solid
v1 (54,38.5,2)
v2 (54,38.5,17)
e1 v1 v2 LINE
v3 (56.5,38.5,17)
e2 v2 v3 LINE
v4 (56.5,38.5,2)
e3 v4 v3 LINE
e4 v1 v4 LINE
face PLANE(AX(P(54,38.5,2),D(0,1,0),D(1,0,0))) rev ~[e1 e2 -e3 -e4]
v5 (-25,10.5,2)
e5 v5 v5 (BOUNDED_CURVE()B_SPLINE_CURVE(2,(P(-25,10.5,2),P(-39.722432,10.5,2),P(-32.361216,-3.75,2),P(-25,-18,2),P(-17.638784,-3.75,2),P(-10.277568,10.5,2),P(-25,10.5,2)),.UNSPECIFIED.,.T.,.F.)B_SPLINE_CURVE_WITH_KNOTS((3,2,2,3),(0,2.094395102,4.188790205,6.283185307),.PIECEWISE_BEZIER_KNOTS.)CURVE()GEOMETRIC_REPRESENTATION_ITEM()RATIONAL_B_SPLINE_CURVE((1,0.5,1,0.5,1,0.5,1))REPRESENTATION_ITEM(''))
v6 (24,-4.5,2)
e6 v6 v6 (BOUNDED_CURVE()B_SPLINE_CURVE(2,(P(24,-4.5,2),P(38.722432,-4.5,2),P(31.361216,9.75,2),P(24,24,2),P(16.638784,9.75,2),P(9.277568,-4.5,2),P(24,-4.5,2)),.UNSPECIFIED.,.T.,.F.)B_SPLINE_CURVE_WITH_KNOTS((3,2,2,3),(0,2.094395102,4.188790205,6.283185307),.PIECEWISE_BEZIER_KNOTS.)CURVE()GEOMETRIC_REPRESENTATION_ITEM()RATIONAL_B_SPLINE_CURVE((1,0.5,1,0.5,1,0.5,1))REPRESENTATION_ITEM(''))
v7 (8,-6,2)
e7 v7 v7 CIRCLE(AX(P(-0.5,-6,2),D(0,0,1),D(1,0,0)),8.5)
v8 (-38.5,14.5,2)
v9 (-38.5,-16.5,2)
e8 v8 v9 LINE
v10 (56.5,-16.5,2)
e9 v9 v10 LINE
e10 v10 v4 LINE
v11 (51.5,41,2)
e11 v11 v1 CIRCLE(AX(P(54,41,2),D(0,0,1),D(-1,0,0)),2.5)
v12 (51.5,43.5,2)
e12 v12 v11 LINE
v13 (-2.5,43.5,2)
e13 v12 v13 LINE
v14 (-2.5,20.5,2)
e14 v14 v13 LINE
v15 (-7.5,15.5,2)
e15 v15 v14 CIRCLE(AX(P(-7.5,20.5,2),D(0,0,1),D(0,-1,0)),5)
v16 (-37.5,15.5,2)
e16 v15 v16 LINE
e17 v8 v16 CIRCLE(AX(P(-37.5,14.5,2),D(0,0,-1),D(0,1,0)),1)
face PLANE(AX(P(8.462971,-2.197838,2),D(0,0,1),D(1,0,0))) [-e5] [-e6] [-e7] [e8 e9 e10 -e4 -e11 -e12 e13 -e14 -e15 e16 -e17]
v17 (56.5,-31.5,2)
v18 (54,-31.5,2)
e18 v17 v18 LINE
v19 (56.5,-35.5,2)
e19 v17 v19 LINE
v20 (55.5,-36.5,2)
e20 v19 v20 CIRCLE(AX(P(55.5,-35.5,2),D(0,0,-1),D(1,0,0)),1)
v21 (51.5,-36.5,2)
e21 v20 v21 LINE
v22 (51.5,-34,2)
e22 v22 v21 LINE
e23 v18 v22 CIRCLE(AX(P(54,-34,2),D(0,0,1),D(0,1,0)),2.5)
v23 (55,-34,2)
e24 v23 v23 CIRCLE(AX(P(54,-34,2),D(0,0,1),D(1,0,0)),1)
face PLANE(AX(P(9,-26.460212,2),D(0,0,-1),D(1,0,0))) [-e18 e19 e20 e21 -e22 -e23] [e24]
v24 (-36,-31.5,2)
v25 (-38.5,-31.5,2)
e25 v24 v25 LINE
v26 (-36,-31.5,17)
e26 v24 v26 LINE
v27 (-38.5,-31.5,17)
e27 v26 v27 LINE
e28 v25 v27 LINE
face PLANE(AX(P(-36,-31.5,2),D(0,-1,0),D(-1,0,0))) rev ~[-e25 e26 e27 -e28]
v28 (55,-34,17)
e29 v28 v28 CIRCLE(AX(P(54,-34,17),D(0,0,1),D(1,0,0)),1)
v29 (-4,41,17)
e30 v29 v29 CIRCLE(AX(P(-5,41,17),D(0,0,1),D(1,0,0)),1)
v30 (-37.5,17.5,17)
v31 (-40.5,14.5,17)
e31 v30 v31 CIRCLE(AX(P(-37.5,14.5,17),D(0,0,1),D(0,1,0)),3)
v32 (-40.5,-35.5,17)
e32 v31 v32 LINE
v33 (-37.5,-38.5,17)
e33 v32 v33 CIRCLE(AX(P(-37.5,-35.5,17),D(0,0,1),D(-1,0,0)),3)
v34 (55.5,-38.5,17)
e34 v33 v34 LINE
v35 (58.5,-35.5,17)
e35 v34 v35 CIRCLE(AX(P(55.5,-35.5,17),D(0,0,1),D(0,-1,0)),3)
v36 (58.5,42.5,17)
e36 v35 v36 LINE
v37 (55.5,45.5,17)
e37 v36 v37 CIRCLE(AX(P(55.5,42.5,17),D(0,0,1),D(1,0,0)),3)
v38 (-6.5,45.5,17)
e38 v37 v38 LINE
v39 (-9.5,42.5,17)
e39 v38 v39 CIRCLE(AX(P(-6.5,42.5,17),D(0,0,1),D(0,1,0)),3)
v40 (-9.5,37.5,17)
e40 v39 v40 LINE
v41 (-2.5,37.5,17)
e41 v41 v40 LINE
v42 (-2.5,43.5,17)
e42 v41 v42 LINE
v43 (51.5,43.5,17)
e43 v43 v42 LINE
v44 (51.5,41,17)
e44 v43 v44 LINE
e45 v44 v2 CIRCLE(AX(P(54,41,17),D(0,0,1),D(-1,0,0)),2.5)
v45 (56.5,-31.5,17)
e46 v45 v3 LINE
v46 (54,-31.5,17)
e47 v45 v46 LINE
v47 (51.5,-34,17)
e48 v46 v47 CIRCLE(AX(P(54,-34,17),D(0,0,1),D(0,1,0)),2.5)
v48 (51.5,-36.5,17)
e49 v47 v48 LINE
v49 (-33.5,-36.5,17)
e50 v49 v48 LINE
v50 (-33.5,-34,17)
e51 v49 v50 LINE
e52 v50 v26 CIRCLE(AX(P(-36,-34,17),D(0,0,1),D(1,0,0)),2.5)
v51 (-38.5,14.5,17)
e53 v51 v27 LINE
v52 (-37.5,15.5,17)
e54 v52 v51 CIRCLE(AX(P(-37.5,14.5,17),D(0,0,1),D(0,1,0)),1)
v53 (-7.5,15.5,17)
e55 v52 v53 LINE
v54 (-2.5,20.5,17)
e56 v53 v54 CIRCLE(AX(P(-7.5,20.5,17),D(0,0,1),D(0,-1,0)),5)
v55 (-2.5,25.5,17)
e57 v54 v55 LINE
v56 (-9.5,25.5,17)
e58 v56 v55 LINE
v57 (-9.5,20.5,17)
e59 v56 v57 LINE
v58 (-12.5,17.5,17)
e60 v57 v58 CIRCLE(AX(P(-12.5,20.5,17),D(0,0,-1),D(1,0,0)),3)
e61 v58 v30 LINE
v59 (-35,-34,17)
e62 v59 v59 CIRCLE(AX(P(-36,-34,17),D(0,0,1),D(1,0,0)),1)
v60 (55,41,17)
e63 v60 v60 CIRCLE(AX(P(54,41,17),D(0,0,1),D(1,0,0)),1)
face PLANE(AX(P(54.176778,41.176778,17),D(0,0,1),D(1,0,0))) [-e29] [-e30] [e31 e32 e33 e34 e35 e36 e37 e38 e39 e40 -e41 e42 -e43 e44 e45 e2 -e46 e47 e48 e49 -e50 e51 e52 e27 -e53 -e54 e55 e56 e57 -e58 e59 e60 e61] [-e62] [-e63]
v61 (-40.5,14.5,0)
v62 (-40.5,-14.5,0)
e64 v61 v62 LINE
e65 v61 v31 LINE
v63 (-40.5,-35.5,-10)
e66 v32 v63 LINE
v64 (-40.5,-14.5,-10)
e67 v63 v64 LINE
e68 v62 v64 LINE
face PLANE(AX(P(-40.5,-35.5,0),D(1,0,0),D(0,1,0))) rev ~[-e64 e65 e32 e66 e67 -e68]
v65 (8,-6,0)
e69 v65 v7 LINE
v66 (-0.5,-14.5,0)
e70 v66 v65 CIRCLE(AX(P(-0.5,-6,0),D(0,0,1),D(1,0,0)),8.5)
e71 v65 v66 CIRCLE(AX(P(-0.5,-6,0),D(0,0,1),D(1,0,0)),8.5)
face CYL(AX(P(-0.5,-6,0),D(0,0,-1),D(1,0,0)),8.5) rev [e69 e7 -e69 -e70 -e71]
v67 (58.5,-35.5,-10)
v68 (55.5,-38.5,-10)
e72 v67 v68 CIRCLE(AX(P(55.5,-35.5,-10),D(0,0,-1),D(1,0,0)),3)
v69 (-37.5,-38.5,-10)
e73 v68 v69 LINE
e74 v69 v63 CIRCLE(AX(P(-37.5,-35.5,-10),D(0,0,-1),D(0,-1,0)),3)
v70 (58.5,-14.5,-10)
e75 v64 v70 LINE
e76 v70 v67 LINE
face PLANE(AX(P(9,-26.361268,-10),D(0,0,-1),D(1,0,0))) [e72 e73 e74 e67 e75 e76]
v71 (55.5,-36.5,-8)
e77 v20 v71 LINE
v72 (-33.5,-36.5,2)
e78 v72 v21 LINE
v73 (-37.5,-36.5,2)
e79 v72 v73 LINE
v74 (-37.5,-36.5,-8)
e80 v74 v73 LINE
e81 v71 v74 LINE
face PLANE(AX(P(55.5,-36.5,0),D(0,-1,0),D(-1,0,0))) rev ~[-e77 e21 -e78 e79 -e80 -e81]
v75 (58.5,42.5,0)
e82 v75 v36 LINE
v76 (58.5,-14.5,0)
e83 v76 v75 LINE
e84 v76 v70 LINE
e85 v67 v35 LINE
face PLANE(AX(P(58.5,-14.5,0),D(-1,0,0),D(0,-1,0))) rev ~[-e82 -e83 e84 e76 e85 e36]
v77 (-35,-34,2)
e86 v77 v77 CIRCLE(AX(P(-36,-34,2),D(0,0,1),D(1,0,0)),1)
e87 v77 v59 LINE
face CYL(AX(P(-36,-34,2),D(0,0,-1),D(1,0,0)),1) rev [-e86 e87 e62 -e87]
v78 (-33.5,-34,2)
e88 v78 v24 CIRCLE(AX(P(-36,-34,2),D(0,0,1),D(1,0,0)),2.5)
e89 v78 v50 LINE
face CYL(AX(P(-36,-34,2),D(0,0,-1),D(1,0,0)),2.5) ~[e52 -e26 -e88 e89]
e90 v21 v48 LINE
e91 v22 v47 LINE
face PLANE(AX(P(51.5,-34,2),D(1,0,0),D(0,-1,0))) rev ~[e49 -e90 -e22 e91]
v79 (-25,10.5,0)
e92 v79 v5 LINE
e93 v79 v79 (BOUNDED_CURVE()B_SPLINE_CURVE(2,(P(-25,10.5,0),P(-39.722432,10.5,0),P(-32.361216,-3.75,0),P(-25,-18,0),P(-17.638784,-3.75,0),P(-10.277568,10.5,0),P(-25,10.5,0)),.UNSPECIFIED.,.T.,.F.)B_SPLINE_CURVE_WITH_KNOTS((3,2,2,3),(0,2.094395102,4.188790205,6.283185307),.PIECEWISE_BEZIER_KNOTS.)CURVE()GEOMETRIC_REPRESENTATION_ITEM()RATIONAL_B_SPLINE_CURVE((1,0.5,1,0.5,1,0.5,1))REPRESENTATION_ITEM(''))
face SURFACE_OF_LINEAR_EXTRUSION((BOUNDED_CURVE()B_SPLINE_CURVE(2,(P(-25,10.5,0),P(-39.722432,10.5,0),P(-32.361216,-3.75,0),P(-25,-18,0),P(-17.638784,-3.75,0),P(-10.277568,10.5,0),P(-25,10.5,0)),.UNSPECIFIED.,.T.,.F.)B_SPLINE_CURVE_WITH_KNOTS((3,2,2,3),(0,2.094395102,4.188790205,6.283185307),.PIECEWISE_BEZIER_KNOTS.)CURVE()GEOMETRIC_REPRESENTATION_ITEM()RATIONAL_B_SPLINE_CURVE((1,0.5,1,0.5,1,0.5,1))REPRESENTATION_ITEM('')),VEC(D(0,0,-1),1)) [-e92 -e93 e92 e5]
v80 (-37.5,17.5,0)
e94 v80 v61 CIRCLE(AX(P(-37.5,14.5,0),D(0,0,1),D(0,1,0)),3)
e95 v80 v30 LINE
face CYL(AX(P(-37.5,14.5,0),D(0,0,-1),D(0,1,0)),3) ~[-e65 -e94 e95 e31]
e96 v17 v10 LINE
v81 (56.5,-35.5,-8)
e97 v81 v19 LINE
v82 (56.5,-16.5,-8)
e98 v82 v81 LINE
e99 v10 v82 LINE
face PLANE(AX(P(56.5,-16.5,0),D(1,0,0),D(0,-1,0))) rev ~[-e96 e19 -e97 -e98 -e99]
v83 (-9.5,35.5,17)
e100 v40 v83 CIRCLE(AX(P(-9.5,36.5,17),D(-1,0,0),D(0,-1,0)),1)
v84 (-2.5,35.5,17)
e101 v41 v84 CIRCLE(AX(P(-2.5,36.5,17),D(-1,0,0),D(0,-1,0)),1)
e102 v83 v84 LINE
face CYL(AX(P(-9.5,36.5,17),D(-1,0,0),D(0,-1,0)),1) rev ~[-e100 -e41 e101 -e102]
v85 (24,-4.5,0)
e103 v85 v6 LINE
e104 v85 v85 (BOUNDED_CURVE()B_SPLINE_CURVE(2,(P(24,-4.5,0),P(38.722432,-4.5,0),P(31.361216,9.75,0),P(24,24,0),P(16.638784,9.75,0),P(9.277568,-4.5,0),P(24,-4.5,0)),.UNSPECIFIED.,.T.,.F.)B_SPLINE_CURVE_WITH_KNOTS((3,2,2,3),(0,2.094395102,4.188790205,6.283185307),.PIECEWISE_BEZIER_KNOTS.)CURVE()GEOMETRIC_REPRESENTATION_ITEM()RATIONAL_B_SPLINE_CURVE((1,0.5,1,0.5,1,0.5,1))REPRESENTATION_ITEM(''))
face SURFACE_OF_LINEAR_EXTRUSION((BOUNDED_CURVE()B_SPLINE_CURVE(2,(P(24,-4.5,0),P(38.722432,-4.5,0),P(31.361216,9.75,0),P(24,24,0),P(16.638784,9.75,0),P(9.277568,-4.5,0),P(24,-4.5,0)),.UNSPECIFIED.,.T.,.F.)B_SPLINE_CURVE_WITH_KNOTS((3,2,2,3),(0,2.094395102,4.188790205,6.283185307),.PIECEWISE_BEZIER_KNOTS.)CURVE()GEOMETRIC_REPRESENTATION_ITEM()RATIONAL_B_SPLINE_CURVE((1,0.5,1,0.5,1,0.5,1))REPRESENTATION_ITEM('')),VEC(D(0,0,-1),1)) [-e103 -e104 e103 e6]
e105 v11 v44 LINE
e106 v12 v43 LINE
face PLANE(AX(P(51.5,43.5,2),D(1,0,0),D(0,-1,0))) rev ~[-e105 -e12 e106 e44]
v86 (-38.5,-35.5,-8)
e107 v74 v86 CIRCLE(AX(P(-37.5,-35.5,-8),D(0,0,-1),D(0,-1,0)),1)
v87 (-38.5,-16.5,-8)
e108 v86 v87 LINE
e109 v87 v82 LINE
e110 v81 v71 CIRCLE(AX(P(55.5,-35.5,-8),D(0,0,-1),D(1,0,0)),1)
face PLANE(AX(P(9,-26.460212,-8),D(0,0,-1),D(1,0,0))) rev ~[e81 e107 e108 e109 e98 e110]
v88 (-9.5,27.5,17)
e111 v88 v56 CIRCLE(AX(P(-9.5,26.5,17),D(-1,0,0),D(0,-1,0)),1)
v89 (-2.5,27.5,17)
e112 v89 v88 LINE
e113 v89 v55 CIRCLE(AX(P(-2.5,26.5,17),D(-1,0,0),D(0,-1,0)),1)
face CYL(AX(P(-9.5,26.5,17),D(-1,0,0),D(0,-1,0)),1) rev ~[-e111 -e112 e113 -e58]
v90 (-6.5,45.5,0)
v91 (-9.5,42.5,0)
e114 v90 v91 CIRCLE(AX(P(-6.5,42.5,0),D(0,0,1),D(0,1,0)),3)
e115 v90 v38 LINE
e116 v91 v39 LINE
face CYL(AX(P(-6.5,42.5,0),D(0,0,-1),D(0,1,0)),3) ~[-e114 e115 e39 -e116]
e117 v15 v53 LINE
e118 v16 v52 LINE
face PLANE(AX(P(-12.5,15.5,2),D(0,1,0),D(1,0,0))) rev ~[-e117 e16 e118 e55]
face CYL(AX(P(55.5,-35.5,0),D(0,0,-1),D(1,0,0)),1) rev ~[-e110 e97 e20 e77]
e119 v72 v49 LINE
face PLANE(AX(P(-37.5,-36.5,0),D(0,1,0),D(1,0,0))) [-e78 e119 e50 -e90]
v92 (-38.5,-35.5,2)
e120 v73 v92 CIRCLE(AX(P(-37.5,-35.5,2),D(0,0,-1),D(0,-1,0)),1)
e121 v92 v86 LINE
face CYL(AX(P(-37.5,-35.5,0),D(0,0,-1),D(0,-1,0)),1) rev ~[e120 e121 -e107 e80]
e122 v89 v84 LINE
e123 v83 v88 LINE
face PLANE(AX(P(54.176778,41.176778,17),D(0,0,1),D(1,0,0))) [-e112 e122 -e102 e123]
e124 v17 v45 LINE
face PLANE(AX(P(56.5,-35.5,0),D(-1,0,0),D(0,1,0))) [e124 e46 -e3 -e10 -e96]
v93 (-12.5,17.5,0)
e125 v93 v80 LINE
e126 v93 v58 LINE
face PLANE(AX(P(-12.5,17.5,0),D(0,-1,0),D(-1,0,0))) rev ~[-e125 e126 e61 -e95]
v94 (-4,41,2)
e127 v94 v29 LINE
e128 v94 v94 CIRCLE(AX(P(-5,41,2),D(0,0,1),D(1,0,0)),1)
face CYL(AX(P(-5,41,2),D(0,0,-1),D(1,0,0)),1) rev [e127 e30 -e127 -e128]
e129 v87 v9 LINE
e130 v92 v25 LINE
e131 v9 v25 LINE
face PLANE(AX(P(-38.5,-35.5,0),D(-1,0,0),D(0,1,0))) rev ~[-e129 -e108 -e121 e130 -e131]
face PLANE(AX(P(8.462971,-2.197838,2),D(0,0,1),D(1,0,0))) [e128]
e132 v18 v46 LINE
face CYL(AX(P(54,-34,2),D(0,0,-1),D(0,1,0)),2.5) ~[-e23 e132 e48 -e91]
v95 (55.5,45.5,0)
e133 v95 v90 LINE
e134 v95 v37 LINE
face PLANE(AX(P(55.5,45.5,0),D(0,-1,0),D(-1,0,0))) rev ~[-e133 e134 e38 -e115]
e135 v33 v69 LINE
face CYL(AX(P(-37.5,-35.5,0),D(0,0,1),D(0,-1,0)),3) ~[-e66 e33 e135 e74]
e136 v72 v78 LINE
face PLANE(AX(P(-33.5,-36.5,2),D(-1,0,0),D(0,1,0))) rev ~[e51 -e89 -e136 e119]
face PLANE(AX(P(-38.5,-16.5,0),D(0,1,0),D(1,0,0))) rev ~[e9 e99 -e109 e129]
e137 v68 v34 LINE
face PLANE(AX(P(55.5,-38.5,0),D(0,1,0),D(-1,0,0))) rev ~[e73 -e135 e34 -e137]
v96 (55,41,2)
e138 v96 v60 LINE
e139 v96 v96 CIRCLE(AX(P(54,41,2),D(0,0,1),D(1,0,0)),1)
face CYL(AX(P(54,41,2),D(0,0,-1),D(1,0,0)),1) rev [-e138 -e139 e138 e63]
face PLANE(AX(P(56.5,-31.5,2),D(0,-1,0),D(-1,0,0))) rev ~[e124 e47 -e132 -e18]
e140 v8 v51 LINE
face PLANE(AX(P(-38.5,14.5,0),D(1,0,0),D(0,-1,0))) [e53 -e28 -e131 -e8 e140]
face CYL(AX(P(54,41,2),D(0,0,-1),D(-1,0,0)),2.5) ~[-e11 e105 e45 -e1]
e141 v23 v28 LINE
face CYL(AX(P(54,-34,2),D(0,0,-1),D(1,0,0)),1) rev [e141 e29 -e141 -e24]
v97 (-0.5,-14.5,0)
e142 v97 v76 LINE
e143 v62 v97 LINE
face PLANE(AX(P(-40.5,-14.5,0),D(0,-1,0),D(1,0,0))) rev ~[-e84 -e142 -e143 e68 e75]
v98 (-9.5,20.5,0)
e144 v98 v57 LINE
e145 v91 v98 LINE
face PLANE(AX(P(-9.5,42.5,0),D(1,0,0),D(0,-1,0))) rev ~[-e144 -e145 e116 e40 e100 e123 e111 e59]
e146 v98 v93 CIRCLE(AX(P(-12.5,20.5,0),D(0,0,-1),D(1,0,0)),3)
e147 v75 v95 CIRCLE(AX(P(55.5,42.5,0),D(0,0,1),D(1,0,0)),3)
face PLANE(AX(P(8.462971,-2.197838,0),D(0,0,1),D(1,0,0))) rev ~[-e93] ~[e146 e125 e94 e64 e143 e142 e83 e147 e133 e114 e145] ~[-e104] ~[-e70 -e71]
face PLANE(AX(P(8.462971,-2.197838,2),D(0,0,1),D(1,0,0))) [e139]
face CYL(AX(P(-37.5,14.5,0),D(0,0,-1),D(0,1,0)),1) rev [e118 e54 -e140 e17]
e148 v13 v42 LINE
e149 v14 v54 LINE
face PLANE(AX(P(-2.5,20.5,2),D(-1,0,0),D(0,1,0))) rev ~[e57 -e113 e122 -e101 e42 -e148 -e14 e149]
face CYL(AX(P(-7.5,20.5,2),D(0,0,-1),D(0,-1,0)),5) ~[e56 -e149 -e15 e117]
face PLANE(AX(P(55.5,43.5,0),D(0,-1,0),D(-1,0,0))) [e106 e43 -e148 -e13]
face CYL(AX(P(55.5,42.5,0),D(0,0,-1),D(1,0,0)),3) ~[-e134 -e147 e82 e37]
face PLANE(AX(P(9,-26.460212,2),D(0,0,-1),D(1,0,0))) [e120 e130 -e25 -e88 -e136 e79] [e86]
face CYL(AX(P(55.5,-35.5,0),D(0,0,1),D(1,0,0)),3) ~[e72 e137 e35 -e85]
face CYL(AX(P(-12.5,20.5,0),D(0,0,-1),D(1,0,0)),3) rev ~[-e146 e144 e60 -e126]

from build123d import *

# Parameters (mm, degrees)
F1_DEPTH  = 17
F3_T      = -2
F2_R      = 8.5
F4_DEPTH  = 2
F5_R      = 1
F6_DEPTH  = 15
F7_R      = 1
F8_DEPTH  = 7
F11_DEPTH = 10
F12_DEPTH = 8
F13_DEPTH = 2


with BuildPart() as f1:
    # F0 (on Top) → F1 (new body)
    with BuildSketch(Plane.XY):
        with BuildLine():
            Line((-12.5, 17.5), (-37.5, 17.5))
            ThreePointArc((-37.5, 17.5), (-39.6213203436, 16.6213203436), (-40.5, 14.5))
            Line((-40.5, 14.5), (-40.5, -17.5))
            Line((-40.5, -17.5), (-40.5, -35.5))
            ThreePointArc((-40.5, -35.5), (-39.6213203436, -37.6213203436), (-37.5, -38.5))
            Line((-37.5, -38.5), (55.5, -38.5))
            ThreePointArc((55.5, -38.5), (57.6213203436, -37.6213203436), (58.5, -35.5))
            Line((58.5, -35.5), (58.5, -17.5))
            Line((58.5, -17.5), (40.5, -17.5))
            Line((40.5, -17.5), (40.5, 17.5))
            Line((40.5, 17.5), (40.5, 42.5))
            ThreePointArc((40.5, 42.5), (39.6213203436, 44.6213203436), (37.5, 45.5))
            Line((37.5, 45.5), (-6.5, 45.5))
            ThreePointArc((-6.5, 45.5), (-8.6213203436, 44.6213203436), (-9.5, 42.5))
            Line((-9.5, 42.5), (-9.5, 20.5))
            ThreePointArc((-9.5, 20.5), (-10.3786796564, 18.3786796564), (-12.5, 17.5))
        make_face()
        with BuildLine():
            Line((55.5, 45.5), (37.5, 45.5))
            ThreePointArc((37.5, 45.5), (39.6213203436, 44.6213203436), (40.5, 42.5))
            Line((40.5, 42.5), (40.5, 17.5))
            Line((40.5, 17.5), (40.5, -17.5))
            Line((40.5, -17.5), (58.5, -17.5))
            Line((58.5, -17.5), (58.5, 42.5))
            ThreePointArc((58.5, 42.5), (57.6213203436, 44.6213203436), (55.5, 45.5))
        make_face()
    extrude(amount=F1_DEPTH)

    # F3
    f3_openings = [f1.faces().sort_by_distance(p)[0] for p in [
        (12.966173, 0.233802, 17),
    ]]
    offset(amount=F3_T, openings=f3_openings)

    # F2 (on Top) → F4 (cut, through all)
    with BuildSketch(Plane.XY):
        with BuildLine():
            add(Edge.make_bspline(
                [(-25, 10.5), (-39.7224318643, 10.5), (-32.3612159322, -3.75), (-25, -18), (-17.6387840678, -3.75), (-10.2775681357, 10.5), (-25, 10.5)],
                knots=[0, 0, 0, 2.0943951024, 2.0943951024, 4.1887902048, 4.1887902048, 6.2831853072, 6.2831853072, 6.2831853072], degree=2, weights=[1, 0.5, 1, 0.5, 1, 0.5, 1]))
        make_face()
        with BuildLine():
            add(Edge.make_bspline(
                [(24, -4.5), (38.7224318643, -4.5), (31.3612159322, 9.75), (24, 24), (16.6387840678, 9.75), (9.2775681357, -4.5), (24, -4.5)],
                knots=[0, 0, 0, 2.0943951024, 2.0943951024, 4.1887902048, 4.1887902048, 6.2831853072, 6.2831853072, 6.2831853072], degree=2, weights=[1, 0.5, 1, 0.5, 1, 0.5, 1]))
        make_face()
        with Locations((-0.5, -6)):
            Circle(F2_R)
    extrude(amount=F4_DEPTH, mode=Mode.SUBTRACT)

    # F5 (on face) → F6 (join, through all)
    with BuildSketch(Plane.XY.offset(2)):
        with BuildLine():
            ThreePointArc((51.5, 41), (52.232233047, 39.232233047), (54, 38.5))
            Line((54, 38.5), (56.5, 38.5))
            Line((56.5, 38.5), (56.5, 43.5))
            Line((56.5, 43.5), (51.5, 43.5))
            Line((51.5, 43.5), (51.5, 41))
        make_face()
        with Locations((54, 41)):
            Circle(F5_R, mode=Mode.SUBTRACT)
        with BuildLine():
            Line((-2.5, 43.5), (-7.5, 43.5))
            Line((-7.5, 43.5), (-7.5, 38.5))
            Line((-7.5, 38.5), (-7.5, 20.5))
            Line((-7.5, 20.5), (-12.5, 15.5))
            Line((-12.5, 15.5), (-7.5, 15.5))
            ThreePointArc((-7.5, 15.5), (-3.9644660941, 16.9644660941), (-2.5, 20.5))
            Line((-2.5, 20.5), (-2.5, 43.5))
        make_face()
        with Locations((-5, 41)):
            Circle(F5_R, mode=Mode.SUBTRACT)
        with BuildLine():
            Line((56.5, -31.5), (54, -31.5))
            ThreePointArc((54, -31.5), (52.232233047, -32.232233047), (51.5, -34))
            Line((51.5, -34), (51.5, -36.5))
            Line((51.5, -36.5), (56.5, -36.5))
            Line((56.5, -36.5), (56.5, -31.5))
        make_face()
        with Locations((54, -34)):
            Circle(F5_R, mode=Mode.SUBTRACT)
        with BuildLine():
            Line((-33.5, -36.5), (-33.5, -34))
            ThreePointArc((-33.5, -34), (-34.232233047, -32.232233047), (-36, -31.5))
            Line((-36, -31.5), (-38.5, -31.5))
            Line((-38.5, -31.5), (-38.5, -36.5))
            Line((-38.5, -36.5), (-33.5, -36.5))
        make_face()
        with Locations((-36, -34)):
            Circle(F5_R, mode=Mode.SUBTRACT)
    extrude(amount=F6_DEPTH)

    # F7 (on face) → F8 (cut, through all)
    with BuildSketch(Plane(origin=(-9.5, 0, 0), x_dir=(0, -1, 0), z_dir=(-1, 0, 0))):
        with Locations((-26.5, 17)):
            Circle(F7_R)
        with Locations((-36.5, 17)):
            Circle(F7_R)
    extrude(amount=-F8_DEPTH, mode=Mode.SUBTRACT)

    # F10 (on face) → F11 (join)
    with BuildSketch(Plane(origin=(0, 0, 0), x_dir=(1, 0, 0), z_dir=(0, 0, -1))):
        with BuildLine():
            Line((55.5, 38.5), (-37.5, 38.5))
            ThreePointArc((-37.5, 38.5), (-39.6213203436, 37.6213203436), (-40.5, 35.5))
            Line((-40.5, 35.5), (-40.5, 14.5))
            Line((-40.5, 14.5), (-0.5, 14.5))
            Line((-0.5, 14.5), (58.5, 14.5))
            Line((58.5, 14.5), (58.5, 35.5))
            ThreePointArc((58.5, 35.5), (57.6213203436, 37.6213203436), (55.5, 38.5))
        make_face()
    extrude(amount=F11_DEPTH)

    # F9 (on face) → F12 (cut)
    with BuildSketch(Plane(origin=(0, 0, 0), x_dir=(1, 0, 0), z_dir=(0, 0, -1))):
        with BuildLine():
            Line((56.4999997616, 16.5000002384), (56.4999997616, 35.5))
            ThreePointArc((56.4999997616, 35.5), (56.2071066126, 36.2071066126), (55.5, 36.4999997616))
            Line((55.5, 36.4999997616), (-37.5, 36.4999997616))
            ThreePointArc((-37.5, 36.4999997616), (-38.2071066126, 36.2071066126), (-38.4999997616, 35.5))
            Line((-38.4999997616, 35.5), (-38.4999997616, 16.5000002384))
            Line((-38.4999997616, 16.5000002384), (56.4999997616, 16.5000002384))
        make_face()
    extrude(amount=F12_DEPTH, mode=Mode.SUBTRACT)

    # F9 (on face) → F13 (cut)
    with BuildSketch(Plane(origin=(0, 0, 0), x_dir=(1, 0, 0), z_dir=(0, 0, -1))):
        with BuildLine():
            Line((56.4999997616, 16.5000002384), (56.4999997616, 35.5))
            ThreePointArc((56.4999997616, 35.5), (56.2071066126, 36.2071066126), (55.5, 36.4999997616))
            Line((55.5, 36.4999997616), (-37.5, 36.4999997616))
            ThreePointArc((-37.5, 36.4999997616), (-38.2071066126, 36.2071066126), (-38.4999997616, 35.5))
            Line((-38.4999997616, 35.5), (-38.4999997616, 16.5000002384))
            Line((-38.4999997616, 16.5000002384), (56.4999997616, 16.5000002384))
        make_face()
    extrude(amount=-F13_DEPTH, mode=Mode.SUBTRACT)


solid = f1.part
